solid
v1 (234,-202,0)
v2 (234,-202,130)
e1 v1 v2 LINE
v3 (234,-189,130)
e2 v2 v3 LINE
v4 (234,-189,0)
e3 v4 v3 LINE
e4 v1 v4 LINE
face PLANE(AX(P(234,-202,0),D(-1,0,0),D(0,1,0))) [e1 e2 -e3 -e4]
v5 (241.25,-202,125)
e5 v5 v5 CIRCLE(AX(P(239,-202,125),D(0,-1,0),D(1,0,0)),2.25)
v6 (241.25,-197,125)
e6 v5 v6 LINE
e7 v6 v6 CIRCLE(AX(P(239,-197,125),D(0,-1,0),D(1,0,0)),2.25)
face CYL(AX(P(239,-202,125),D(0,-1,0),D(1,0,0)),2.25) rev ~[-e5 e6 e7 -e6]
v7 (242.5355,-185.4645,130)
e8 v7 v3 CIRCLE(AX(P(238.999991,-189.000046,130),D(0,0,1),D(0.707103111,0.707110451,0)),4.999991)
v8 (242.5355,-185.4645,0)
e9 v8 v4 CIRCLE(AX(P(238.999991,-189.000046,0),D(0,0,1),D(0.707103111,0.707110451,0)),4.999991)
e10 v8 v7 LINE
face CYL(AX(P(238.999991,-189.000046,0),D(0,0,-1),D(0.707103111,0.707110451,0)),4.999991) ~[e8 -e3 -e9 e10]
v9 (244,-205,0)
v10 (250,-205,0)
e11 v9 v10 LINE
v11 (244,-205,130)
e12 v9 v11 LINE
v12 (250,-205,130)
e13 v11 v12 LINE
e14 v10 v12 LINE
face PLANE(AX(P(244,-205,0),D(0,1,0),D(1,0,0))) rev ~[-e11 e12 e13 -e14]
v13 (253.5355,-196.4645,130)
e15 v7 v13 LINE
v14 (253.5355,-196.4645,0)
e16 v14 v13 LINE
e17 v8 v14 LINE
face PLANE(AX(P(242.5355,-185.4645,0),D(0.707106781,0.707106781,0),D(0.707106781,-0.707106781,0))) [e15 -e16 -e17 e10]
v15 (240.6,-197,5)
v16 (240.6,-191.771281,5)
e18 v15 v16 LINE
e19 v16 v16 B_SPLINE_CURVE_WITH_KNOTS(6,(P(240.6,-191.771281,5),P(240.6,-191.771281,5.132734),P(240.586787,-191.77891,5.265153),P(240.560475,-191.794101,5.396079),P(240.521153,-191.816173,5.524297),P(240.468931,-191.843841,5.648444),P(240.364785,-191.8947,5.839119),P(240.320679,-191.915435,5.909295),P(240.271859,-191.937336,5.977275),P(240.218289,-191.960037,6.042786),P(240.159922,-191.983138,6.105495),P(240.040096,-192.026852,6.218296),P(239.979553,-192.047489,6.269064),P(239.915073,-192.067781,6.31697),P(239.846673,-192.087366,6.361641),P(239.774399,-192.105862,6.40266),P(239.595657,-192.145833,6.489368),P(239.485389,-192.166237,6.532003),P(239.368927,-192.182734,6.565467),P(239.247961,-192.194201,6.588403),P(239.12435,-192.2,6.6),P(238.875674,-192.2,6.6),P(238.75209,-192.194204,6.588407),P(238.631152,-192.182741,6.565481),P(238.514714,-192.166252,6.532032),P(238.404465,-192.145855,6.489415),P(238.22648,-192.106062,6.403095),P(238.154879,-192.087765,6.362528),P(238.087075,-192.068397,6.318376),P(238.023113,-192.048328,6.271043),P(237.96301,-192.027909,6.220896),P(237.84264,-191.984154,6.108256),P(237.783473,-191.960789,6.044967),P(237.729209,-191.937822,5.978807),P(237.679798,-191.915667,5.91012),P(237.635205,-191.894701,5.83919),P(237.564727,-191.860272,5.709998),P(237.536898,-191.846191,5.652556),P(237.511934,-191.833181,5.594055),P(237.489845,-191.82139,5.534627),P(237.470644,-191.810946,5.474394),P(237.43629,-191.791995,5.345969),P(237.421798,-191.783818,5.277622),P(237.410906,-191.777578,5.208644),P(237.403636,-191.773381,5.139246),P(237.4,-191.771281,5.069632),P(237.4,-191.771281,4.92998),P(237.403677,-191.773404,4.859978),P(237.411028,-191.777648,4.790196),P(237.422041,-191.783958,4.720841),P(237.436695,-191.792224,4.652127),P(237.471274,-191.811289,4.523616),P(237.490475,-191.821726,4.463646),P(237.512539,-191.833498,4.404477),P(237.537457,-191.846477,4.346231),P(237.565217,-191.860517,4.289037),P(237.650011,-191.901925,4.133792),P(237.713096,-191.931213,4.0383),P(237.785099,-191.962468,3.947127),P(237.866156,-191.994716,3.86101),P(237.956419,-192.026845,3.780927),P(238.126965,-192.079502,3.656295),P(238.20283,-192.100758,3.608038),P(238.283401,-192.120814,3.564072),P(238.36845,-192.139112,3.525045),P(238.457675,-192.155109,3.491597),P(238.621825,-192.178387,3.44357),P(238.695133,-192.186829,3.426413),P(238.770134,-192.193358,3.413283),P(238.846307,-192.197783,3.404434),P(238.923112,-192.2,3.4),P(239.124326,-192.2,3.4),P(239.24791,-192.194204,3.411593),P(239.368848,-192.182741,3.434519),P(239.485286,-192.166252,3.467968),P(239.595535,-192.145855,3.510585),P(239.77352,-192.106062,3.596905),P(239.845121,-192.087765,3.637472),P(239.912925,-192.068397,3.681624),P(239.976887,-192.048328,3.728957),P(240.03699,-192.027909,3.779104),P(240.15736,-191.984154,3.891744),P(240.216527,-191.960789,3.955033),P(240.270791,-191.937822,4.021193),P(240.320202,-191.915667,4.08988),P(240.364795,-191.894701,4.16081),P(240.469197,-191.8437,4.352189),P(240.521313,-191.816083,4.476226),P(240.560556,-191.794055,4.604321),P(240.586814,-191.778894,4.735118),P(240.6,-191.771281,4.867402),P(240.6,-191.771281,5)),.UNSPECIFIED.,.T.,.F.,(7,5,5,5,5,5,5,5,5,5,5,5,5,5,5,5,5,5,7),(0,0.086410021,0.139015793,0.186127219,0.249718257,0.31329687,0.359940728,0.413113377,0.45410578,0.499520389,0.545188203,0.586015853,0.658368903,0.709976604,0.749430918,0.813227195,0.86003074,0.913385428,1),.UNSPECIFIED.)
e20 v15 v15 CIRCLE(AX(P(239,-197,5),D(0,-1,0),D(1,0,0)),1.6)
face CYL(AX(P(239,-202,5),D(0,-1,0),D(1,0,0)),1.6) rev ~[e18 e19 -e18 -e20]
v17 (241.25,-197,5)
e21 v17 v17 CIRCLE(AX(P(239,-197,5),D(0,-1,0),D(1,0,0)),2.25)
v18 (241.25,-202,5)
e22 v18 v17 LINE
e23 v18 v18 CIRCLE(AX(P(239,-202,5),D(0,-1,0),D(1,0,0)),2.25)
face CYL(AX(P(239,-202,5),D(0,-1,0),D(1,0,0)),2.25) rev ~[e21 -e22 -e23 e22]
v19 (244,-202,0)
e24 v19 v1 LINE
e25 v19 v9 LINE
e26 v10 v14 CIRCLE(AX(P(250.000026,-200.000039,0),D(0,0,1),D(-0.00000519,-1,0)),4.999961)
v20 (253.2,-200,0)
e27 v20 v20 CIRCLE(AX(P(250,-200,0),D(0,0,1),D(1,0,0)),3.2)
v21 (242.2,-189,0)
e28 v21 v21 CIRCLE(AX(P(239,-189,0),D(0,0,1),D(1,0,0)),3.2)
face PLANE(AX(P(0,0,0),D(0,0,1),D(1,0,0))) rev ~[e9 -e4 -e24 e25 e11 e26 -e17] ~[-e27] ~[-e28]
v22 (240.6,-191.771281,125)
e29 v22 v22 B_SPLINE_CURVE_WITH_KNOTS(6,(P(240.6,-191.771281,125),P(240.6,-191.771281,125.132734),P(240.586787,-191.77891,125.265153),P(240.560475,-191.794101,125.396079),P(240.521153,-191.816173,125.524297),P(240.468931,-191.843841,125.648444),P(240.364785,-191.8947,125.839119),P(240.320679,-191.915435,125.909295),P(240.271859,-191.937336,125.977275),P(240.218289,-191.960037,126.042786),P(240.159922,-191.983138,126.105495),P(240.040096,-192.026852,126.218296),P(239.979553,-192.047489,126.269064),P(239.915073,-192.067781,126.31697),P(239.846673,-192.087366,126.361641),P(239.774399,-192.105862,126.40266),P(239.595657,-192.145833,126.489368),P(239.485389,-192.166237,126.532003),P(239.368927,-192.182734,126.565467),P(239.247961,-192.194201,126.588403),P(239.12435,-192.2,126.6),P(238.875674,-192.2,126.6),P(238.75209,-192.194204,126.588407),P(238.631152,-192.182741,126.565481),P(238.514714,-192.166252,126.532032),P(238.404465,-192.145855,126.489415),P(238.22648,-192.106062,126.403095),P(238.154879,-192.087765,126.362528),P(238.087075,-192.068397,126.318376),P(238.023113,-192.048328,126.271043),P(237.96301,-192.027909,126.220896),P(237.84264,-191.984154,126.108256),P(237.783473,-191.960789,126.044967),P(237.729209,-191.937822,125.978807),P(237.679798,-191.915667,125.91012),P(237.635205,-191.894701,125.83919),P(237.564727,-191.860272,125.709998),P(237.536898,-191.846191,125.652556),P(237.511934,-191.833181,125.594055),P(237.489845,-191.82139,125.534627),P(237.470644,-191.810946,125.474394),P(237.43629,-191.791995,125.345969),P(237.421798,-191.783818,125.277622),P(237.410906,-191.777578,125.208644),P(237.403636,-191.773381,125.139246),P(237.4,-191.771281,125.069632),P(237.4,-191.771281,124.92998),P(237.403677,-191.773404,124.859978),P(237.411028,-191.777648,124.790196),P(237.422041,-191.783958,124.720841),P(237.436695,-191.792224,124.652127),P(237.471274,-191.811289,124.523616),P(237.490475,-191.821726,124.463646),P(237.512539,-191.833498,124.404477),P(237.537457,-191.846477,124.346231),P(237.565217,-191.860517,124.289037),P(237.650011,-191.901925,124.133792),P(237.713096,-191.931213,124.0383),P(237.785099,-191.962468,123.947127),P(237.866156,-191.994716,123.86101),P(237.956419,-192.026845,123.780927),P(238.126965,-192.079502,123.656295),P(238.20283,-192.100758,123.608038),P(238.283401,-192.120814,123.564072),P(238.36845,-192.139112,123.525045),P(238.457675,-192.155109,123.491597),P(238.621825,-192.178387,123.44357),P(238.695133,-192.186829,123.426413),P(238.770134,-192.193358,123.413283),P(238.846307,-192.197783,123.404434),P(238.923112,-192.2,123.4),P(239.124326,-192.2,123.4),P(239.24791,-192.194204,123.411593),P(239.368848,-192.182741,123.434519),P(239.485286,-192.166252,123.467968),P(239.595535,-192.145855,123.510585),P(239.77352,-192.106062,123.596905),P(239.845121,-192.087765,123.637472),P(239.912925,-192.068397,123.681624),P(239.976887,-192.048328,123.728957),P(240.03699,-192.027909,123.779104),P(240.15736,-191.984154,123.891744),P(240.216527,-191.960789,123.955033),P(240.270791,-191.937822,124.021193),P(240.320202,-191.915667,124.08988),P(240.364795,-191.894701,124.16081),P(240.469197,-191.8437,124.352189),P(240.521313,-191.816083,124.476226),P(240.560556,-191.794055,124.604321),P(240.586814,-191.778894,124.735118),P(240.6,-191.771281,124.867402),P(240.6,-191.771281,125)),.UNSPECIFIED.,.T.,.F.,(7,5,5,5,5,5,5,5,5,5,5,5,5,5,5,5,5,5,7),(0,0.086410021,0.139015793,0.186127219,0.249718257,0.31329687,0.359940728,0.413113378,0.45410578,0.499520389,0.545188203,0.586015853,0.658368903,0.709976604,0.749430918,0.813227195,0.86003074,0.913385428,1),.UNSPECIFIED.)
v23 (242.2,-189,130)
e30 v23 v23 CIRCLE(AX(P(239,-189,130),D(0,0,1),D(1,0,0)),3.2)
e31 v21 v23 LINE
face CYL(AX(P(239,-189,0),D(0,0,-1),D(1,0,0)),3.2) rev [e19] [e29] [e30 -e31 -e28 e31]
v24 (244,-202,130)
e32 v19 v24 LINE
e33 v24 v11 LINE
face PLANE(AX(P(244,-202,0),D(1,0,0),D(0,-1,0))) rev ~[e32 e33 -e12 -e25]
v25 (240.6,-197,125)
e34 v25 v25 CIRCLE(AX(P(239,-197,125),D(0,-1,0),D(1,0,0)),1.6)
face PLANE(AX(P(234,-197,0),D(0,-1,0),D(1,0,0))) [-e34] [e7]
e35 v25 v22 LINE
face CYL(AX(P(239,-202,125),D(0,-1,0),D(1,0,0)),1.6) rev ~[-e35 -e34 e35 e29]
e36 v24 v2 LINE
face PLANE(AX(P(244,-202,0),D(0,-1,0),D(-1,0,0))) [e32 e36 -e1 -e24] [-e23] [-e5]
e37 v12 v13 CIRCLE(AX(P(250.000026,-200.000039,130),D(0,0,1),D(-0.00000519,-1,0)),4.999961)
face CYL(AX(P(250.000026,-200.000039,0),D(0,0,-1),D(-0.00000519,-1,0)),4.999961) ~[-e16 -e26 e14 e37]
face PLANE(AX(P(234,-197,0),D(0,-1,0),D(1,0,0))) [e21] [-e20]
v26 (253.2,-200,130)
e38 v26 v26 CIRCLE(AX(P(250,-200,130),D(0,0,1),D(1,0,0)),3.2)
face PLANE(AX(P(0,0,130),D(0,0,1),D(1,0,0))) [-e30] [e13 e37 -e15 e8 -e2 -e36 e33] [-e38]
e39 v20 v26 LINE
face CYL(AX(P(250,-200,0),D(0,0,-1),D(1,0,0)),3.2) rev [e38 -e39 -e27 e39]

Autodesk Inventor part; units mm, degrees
ref_plane "YZ Plane" through (0, 0, 0) normal (1, 0, 0) x (0, 1, 0)
ref_plane "XZ Plane" through (0, 0, 0) normal (0, 1, 0) x (-1, 0, 0)
ref_plane "XY Plane" through (0, 0, 0) normal (0, 0, 1) x (1, 0, 0)
sketch "スケッチ1" plane through (0, 0, 0) normal (0, 0, 1) x (1, 0, 0)
  circle A0 centre (250, -200) radius 1.6 construction
  circle A1 centre (239, -189) radius 1.6 construction
  circle A2 centre (250, -200) radius 3.2
  circle A3 centre (239, -189) radius 3.2
  circle A4 centre (250, -200) radius 5 construction
  circle A5 centre (239, -189) radius 5 construction
  line L0 (242.5355, -185.4645) -> (253.5355, -196.4645)
  line L1 (250, -200) -> (239, -189) construction
  line L2 (-250, -205) -> (250, -205) projected
  line L3 (244, -202) -> (234, -202)
  line L4 (234, -202) -> (234, -189)
  line L5 (244, -202) -> (244, -205)
  line L6 (244, -205) -> (250, -205)
  arc A6 (250, -205) -> (253.5355, -196.4645) centre (250, -200) ccw
  arc A7 (242.5355, -185.4645) -> (234, -189) centre (239, -189) ccw
  point P0 (0, 0)
  point P1 (255, -200)
  dimension "d0" = 6.4
  dimension "d2" = 10
  dimension "d3" = 3
extrude "押し出し1" add sketch "スケッチ1" along normal blind 130
sketch "スケッチ2" plane through (234, -202, 0) normal (0, -1, 0) x (1, 0, 0)
  line L0 (1.8, 130) -> (8.2, 130) construction
  line L1 (1.8, 0) -> (8.2, 0) construction
  line L2 (5, 130) -> (5, 0) construction
  circle A0 centre (5, 125) radius 2.25
  circle A1 centre (5, 5) radius 2.25
  point P0 (-234, 0)
  dimension "d6" = 4.5
  dimension "d7" = 5
  dimension "d8" = 5
extrude "押し出し2" cut sketch "スケッチ2" against normal blind 5
sketch "スケッチ3" plane through (234, -202, 0) normal (0, -1, 0) x (1, 0, 0)
  circle A0 centre (5, 125) radius 2.25 construction
  circle A1 centre (5, 5) radius 2.25 construction
  circle A2 centre (5, 125) radius 1.6
  circle A3 centre (5, 5) radius 1.6
  point P0 (-234, 0)
  dimension "d11" = 3.2
extrude "押し出し3" cut sketch "スケッチ3" against normal blind 13
equation "\"d8\" = d7"
properties part number "radiator_adapter_01"
